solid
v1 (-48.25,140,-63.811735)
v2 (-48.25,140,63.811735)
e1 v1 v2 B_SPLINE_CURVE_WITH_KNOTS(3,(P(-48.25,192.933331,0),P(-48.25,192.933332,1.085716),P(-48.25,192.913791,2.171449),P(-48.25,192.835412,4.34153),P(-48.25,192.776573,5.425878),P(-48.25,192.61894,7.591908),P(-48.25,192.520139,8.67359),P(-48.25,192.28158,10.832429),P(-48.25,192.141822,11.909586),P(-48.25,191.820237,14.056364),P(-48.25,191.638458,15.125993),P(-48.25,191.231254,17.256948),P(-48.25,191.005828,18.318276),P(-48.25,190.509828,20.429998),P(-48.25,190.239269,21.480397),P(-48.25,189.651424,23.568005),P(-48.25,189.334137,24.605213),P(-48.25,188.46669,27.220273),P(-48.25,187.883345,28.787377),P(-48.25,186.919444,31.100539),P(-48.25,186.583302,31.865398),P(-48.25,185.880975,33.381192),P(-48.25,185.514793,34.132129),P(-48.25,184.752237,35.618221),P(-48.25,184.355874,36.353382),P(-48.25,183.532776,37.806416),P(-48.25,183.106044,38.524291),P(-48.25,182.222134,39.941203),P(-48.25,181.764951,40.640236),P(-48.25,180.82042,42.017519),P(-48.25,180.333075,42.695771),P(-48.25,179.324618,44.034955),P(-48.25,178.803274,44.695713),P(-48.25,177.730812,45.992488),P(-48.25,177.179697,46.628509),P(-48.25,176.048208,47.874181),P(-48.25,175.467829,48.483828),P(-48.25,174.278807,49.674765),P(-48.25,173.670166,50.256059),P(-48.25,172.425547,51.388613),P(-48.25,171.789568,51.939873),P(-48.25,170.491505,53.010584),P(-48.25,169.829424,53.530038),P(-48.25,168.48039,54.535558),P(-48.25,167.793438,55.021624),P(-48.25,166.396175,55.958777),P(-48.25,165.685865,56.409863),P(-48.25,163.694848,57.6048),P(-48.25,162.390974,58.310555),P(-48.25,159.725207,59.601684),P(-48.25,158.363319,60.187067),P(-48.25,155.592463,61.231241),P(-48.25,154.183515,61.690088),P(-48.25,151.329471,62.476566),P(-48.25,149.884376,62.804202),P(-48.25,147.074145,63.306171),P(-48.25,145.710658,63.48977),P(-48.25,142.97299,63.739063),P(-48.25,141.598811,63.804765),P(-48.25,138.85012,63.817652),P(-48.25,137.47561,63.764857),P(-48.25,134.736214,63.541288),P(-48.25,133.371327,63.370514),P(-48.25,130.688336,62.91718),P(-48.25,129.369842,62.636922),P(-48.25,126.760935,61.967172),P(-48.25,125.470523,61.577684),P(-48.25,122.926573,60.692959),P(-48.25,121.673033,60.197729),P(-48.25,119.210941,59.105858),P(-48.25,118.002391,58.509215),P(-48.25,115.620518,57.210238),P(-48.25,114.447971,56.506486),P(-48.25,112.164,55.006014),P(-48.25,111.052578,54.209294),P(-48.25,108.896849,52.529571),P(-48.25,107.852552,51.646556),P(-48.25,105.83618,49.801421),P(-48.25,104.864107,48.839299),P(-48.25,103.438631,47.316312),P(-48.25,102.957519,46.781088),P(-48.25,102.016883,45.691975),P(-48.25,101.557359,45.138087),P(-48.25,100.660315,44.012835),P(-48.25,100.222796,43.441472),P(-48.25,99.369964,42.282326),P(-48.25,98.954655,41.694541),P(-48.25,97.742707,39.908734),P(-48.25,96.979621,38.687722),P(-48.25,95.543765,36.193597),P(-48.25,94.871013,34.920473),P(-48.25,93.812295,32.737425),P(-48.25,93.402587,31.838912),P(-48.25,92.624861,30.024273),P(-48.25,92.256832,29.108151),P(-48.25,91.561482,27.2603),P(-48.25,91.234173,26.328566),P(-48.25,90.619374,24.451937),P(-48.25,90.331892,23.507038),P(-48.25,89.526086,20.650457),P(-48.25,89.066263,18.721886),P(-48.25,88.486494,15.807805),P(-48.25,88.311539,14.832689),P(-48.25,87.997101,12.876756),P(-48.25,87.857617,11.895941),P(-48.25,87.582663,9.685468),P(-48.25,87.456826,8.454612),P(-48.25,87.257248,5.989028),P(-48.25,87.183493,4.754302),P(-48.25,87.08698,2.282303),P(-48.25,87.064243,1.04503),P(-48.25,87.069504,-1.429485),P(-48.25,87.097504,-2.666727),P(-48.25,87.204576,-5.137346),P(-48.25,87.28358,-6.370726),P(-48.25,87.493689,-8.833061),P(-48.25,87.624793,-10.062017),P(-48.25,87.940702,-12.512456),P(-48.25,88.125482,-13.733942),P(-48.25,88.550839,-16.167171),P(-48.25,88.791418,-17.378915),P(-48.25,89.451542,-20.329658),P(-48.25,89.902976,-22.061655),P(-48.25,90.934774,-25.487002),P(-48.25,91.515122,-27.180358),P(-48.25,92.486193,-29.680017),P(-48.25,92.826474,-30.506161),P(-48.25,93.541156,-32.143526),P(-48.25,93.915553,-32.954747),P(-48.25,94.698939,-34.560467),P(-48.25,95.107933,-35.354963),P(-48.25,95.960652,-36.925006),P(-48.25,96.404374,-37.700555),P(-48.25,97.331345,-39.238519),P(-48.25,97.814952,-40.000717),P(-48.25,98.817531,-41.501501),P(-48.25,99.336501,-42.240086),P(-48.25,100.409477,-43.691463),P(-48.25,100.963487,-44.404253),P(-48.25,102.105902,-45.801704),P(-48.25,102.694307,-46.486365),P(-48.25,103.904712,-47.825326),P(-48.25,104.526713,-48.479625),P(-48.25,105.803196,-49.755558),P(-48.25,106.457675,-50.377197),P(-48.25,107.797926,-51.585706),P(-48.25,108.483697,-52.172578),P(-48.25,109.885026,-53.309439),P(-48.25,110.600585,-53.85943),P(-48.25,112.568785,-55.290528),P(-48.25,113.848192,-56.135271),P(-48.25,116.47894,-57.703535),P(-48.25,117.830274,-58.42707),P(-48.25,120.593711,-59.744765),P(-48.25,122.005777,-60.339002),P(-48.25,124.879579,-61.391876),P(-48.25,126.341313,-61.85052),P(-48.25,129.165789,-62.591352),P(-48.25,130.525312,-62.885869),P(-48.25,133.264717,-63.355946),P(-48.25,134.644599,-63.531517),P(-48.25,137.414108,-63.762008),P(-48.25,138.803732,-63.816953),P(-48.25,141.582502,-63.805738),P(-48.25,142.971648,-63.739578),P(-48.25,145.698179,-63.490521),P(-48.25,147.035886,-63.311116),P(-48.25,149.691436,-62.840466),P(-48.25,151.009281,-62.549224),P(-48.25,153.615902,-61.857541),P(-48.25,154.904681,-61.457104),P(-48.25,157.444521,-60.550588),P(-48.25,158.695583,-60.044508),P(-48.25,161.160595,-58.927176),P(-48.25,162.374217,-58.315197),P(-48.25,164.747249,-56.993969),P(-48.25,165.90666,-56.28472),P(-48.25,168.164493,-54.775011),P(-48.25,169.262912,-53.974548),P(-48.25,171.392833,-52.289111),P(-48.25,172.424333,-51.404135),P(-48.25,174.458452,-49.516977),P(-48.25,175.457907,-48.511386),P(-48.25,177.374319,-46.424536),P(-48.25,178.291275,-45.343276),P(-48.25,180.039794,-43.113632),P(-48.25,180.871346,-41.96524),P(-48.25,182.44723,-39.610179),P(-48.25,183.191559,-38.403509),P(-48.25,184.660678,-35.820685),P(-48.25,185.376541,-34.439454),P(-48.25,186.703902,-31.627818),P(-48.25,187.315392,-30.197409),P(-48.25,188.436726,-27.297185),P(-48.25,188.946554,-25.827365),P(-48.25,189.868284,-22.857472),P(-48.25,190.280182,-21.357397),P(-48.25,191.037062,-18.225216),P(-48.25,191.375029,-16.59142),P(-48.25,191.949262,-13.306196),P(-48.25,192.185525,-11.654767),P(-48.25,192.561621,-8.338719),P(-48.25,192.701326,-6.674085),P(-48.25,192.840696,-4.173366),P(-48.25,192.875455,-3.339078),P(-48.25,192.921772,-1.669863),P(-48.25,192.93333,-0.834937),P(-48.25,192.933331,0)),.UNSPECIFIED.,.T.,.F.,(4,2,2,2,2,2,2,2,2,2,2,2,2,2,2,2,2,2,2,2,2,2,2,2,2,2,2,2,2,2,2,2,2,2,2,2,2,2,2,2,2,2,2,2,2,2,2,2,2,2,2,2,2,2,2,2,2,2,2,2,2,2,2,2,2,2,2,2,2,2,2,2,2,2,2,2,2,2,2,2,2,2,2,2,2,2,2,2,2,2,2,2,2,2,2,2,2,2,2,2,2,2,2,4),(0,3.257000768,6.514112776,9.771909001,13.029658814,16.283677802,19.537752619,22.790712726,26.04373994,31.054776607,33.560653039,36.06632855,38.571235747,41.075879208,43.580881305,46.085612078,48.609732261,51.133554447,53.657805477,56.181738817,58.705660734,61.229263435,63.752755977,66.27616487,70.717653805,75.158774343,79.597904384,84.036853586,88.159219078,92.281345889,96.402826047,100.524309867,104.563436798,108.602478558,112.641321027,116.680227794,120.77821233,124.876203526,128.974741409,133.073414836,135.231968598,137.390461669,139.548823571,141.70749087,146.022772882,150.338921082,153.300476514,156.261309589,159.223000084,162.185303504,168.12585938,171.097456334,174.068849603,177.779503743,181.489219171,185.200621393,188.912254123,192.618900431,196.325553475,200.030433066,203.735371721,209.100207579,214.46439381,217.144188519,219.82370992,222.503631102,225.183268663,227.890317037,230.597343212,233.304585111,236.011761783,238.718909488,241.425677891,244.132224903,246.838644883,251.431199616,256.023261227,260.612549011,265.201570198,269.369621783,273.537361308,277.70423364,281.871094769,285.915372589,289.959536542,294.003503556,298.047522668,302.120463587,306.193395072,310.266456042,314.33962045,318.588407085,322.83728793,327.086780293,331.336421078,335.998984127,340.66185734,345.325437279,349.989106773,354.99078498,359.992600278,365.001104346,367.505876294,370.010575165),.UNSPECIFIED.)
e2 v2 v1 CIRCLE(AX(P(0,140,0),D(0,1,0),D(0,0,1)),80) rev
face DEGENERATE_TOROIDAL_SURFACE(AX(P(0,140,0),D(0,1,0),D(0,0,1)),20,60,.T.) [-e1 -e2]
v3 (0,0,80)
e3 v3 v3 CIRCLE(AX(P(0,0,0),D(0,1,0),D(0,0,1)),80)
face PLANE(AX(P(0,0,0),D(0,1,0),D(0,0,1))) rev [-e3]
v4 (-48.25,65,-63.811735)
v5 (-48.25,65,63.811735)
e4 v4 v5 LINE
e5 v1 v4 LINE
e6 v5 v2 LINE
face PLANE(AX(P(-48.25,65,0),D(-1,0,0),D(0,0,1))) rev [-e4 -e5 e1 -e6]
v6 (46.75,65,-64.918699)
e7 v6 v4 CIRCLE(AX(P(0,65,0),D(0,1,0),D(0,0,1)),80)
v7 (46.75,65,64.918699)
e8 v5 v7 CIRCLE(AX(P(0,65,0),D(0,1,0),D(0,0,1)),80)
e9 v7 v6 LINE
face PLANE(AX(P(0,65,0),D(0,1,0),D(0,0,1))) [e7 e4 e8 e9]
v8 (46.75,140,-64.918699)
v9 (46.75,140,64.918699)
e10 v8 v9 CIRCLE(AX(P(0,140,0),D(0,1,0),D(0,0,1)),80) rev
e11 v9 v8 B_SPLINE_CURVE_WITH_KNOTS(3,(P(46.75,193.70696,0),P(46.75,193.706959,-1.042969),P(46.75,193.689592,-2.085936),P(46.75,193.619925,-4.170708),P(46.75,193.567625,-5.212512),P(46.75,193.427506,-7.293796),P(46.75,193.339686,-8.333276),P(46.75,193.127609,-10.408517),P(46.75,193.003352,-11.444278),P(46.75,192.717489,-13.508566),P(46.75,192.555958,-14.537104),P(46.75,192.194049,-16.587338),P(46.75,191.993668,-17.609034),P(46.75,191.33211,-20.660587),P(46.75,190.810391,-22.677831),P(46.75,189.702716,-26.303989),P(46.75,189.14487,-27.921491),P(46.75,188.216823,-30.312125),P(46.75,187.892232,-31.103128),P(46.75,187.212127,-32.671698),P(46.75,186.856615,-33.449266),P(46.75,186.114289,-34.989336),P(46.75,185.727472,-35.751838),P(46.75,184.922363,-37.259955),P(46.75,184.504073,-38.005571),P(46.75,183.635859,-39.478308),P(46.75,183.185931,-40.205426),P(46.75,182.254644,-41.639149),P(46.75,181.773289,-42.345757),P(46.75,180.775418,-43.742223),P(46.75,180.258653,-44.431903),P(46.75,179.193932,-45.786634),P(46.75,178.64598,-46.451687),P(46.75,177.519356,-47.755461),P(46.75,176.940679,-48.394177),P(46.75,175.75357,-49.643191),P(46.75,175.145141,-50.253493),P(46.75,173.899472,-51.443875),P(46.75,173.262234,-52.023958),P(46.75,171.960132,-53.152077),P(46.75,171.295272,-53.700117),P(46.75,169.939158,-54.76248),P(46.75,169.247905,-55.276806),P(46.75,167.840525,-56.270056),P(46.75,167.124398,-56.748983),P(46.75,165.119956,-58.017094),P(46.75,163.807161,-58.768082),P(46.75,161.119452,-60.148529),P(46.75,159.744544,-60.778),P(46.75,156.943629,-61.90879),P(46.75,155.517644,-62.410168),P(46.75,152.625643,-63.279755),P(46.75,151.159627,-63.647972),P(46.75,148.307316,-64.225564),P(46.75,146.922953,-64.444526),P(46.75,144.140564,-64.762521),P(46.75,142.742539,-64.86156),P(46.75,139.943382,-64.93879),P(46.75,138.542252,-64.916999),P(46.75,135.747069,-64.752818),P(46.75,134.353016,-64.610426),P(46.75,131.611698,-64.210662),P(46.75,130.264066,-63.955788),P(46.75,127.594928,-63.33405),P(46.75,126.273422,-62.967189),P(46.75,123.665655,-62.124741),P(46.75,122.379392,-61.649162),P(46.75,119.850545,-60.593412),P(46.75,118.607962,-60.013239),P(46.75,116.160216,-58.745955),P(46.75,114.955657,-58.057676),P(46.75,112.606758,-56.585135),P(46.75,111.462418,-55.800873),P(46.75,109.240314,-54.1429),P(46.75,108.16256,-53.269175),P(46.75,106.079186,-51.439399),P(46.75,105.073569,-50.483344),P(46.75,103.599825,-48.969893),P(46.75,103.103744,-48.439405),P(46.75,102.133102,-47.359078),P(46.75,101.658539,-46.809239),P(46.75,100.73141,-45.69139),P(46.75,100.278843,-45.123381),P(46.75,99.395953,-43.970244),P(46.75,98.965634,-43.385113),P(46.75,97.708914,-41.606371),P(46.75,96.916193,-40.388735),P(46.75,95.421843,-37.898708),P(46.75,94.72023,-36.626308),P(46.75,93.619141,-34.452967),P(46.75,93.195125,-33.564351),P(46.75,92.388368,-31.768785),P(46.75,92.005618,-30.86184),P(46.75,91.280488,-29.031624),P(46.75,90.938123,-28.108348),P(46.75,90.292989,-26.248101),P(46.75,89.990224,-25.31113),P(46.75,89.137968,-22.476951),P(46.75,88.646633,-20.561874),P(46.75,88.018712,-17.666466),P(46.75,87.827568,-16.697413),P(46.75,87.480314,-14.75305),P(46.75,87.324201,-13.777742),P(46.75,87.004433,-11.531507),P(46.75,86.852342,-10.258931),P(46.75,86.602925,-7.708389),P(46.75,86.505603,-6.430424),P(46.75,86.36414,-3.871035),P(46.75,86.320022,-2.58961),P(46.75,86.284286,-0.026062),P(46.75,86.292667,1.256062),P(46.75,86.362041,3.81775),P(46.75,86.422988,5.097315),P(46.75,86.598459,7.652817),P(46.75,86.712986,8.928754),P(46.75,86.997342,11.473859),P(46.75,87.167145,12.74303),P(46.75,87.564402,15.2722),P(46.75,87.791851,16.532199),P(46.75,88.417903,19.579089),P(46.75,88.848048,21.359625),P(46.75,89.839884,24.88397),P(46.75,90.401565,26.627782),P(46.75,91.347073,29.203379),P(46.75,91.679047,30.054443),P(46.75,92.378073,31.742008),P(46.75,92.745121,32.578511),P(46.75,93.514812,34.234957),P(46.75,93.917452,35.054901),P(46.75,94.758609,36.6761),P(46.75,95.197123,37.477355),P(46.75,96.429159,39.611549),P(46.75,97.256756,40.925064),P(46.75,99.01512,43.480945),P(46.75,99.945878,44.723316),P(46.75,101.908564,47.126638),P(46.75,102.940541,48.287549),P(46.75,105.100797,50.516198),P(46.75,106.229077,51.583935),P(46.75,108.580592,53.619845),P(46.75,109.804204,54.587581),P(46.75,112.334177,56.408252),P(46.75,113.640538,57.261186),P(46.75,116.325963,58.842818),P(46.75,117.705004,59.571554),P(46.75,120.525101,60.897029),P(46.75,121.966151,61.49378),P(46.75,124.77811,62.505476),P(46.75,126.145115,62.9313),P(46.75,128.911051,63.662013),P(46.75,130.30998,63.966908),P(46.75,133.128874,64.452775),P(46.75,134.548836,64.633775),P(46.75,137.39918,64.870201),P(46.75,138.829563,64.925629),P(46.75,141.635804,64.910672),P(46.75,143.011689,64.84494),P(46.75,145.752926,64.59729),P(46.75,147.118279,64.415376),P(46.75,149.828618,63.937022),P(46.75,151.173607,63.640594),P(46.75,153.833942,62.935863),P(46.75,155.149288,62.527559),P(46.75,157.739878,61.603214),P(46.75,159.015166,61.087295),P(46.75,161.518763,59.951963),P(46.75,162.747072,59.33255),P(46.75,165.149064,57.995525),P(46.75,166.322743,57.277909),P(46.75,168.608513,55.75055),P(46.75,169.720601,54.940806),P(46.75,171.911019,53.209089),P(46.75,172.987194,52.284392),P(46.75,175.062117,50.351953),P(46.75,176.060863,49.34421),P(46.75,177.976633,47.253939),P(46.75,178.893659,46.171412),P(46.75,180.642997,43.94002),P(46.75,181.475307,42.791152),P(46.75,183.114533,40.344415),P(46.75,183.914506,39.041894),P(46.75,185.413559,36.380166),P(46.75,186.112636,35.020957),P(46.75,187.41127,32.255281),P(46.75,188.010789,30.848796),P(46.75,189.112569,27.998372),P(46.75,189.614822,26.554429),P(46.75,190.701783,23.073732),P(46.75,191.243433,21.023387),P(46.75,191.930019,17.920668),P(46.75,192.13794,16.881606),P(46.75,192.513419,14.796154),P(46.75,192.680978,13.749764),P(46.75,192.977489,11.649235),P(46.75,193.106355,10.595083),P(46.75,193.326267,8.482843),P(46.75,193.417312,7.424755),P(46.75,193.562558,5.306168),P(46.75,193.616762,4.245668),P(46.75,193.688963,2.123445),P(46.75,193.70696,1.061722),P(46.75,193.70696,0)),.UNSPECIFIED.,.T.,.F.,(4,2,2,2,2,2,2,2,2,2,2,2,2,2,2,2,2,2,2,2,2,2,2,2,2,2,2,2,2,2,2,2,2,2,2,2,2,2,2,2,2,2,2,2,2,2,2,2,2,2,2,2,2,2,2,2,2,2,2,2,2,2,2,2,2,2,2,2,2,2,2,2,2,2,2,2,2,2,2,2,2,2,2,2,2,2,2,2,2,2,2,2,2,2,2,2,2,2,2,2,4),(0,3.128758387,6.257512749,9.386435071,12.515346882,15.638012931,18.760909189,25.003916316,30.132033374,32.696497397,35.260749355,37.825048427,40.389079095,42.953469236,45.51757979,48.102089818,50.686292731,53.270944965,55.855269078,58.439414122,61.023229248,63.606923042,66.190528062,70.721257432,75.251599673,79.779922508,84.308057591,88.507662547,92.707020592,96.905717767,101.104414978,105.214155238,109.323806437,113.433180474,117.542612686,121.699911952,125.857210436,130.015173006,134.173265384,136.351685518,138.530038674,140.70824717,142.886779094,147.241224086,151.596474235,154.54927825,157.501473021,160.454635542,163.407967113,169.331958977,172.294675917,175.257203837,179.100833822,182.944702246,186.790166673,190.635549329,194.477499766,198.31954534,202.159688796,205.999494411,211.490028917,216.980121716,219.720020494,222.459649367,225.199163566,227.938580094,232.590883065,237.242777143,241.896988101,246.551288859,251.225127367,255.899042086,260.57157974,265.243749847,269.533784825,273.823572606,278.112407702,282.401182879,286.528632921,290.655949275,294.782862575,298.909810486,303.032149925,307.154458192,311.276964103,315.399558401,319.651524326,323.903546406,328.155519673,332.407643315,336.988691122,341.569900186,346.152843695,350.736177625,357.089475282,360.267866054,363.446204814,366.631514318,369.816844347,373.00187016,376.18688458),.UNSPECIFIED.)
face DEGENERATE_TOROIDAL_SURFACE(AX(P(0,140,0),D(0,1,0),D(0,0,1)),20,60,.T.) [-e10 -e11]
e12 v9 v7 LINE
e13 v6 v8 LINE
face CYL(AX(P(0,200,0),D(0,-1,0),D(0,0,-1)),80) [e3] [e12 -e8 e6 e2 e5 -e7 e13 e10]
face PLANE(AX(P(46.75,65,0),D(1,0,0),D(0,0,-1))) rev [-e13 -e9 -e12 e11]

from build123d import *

# Parameters (mm, degrees)
SZKIC2_R                    = 80
DODANIE_WYCI_GNI_CIE2_DEPTH = 200
ZAOKR_GLENIE1_R             = 60
WYTNIJ_WYCI_GNI_CIE1_DEPTH  = 135


with BuildPart() as part:
    # Szkic2 → Dodanie-wyciągnięcie2 (new body)
    with BuildSketch(Plane(origin=(0, 0, 0), x_dir=(1, 0, 0), z_dir=(0, 1, 0))):
        Circle(SZKIC2_R)
    extrude(amount=DODANIE_WYCI_GNI_CIE2_DEPTH)

    # Zaokrąglenie1
    zaokr_glenie1_edges = [part.edges().sort_by_distance(p)[0] for p in [
        (-80, 200, 0),
    ]]
    fillet(zaokr_glenie1_edges, radius=ZAOKR_GLENIE1_R)

    # Szkic5 → Wytnij-wyciągnięcie1 (cut)
    with BuildSketch(Plane(origin=(0, 200, 0), x_dir=(1, 0, 0), z_dir=(0, 1, 0))):
        Polygon((46.75, 0), (46.75, 80.000117874), (-48.25, 80.000117874), (-48.25, 0), (-48.25, -80.000327), (46.75, -80.000327), align=None)
    extrude(amount=-WYTNIJ_WYCI_GNI_CIE1_DEPTH, mode=Mode.SUBTRACT)


solid = part.part
